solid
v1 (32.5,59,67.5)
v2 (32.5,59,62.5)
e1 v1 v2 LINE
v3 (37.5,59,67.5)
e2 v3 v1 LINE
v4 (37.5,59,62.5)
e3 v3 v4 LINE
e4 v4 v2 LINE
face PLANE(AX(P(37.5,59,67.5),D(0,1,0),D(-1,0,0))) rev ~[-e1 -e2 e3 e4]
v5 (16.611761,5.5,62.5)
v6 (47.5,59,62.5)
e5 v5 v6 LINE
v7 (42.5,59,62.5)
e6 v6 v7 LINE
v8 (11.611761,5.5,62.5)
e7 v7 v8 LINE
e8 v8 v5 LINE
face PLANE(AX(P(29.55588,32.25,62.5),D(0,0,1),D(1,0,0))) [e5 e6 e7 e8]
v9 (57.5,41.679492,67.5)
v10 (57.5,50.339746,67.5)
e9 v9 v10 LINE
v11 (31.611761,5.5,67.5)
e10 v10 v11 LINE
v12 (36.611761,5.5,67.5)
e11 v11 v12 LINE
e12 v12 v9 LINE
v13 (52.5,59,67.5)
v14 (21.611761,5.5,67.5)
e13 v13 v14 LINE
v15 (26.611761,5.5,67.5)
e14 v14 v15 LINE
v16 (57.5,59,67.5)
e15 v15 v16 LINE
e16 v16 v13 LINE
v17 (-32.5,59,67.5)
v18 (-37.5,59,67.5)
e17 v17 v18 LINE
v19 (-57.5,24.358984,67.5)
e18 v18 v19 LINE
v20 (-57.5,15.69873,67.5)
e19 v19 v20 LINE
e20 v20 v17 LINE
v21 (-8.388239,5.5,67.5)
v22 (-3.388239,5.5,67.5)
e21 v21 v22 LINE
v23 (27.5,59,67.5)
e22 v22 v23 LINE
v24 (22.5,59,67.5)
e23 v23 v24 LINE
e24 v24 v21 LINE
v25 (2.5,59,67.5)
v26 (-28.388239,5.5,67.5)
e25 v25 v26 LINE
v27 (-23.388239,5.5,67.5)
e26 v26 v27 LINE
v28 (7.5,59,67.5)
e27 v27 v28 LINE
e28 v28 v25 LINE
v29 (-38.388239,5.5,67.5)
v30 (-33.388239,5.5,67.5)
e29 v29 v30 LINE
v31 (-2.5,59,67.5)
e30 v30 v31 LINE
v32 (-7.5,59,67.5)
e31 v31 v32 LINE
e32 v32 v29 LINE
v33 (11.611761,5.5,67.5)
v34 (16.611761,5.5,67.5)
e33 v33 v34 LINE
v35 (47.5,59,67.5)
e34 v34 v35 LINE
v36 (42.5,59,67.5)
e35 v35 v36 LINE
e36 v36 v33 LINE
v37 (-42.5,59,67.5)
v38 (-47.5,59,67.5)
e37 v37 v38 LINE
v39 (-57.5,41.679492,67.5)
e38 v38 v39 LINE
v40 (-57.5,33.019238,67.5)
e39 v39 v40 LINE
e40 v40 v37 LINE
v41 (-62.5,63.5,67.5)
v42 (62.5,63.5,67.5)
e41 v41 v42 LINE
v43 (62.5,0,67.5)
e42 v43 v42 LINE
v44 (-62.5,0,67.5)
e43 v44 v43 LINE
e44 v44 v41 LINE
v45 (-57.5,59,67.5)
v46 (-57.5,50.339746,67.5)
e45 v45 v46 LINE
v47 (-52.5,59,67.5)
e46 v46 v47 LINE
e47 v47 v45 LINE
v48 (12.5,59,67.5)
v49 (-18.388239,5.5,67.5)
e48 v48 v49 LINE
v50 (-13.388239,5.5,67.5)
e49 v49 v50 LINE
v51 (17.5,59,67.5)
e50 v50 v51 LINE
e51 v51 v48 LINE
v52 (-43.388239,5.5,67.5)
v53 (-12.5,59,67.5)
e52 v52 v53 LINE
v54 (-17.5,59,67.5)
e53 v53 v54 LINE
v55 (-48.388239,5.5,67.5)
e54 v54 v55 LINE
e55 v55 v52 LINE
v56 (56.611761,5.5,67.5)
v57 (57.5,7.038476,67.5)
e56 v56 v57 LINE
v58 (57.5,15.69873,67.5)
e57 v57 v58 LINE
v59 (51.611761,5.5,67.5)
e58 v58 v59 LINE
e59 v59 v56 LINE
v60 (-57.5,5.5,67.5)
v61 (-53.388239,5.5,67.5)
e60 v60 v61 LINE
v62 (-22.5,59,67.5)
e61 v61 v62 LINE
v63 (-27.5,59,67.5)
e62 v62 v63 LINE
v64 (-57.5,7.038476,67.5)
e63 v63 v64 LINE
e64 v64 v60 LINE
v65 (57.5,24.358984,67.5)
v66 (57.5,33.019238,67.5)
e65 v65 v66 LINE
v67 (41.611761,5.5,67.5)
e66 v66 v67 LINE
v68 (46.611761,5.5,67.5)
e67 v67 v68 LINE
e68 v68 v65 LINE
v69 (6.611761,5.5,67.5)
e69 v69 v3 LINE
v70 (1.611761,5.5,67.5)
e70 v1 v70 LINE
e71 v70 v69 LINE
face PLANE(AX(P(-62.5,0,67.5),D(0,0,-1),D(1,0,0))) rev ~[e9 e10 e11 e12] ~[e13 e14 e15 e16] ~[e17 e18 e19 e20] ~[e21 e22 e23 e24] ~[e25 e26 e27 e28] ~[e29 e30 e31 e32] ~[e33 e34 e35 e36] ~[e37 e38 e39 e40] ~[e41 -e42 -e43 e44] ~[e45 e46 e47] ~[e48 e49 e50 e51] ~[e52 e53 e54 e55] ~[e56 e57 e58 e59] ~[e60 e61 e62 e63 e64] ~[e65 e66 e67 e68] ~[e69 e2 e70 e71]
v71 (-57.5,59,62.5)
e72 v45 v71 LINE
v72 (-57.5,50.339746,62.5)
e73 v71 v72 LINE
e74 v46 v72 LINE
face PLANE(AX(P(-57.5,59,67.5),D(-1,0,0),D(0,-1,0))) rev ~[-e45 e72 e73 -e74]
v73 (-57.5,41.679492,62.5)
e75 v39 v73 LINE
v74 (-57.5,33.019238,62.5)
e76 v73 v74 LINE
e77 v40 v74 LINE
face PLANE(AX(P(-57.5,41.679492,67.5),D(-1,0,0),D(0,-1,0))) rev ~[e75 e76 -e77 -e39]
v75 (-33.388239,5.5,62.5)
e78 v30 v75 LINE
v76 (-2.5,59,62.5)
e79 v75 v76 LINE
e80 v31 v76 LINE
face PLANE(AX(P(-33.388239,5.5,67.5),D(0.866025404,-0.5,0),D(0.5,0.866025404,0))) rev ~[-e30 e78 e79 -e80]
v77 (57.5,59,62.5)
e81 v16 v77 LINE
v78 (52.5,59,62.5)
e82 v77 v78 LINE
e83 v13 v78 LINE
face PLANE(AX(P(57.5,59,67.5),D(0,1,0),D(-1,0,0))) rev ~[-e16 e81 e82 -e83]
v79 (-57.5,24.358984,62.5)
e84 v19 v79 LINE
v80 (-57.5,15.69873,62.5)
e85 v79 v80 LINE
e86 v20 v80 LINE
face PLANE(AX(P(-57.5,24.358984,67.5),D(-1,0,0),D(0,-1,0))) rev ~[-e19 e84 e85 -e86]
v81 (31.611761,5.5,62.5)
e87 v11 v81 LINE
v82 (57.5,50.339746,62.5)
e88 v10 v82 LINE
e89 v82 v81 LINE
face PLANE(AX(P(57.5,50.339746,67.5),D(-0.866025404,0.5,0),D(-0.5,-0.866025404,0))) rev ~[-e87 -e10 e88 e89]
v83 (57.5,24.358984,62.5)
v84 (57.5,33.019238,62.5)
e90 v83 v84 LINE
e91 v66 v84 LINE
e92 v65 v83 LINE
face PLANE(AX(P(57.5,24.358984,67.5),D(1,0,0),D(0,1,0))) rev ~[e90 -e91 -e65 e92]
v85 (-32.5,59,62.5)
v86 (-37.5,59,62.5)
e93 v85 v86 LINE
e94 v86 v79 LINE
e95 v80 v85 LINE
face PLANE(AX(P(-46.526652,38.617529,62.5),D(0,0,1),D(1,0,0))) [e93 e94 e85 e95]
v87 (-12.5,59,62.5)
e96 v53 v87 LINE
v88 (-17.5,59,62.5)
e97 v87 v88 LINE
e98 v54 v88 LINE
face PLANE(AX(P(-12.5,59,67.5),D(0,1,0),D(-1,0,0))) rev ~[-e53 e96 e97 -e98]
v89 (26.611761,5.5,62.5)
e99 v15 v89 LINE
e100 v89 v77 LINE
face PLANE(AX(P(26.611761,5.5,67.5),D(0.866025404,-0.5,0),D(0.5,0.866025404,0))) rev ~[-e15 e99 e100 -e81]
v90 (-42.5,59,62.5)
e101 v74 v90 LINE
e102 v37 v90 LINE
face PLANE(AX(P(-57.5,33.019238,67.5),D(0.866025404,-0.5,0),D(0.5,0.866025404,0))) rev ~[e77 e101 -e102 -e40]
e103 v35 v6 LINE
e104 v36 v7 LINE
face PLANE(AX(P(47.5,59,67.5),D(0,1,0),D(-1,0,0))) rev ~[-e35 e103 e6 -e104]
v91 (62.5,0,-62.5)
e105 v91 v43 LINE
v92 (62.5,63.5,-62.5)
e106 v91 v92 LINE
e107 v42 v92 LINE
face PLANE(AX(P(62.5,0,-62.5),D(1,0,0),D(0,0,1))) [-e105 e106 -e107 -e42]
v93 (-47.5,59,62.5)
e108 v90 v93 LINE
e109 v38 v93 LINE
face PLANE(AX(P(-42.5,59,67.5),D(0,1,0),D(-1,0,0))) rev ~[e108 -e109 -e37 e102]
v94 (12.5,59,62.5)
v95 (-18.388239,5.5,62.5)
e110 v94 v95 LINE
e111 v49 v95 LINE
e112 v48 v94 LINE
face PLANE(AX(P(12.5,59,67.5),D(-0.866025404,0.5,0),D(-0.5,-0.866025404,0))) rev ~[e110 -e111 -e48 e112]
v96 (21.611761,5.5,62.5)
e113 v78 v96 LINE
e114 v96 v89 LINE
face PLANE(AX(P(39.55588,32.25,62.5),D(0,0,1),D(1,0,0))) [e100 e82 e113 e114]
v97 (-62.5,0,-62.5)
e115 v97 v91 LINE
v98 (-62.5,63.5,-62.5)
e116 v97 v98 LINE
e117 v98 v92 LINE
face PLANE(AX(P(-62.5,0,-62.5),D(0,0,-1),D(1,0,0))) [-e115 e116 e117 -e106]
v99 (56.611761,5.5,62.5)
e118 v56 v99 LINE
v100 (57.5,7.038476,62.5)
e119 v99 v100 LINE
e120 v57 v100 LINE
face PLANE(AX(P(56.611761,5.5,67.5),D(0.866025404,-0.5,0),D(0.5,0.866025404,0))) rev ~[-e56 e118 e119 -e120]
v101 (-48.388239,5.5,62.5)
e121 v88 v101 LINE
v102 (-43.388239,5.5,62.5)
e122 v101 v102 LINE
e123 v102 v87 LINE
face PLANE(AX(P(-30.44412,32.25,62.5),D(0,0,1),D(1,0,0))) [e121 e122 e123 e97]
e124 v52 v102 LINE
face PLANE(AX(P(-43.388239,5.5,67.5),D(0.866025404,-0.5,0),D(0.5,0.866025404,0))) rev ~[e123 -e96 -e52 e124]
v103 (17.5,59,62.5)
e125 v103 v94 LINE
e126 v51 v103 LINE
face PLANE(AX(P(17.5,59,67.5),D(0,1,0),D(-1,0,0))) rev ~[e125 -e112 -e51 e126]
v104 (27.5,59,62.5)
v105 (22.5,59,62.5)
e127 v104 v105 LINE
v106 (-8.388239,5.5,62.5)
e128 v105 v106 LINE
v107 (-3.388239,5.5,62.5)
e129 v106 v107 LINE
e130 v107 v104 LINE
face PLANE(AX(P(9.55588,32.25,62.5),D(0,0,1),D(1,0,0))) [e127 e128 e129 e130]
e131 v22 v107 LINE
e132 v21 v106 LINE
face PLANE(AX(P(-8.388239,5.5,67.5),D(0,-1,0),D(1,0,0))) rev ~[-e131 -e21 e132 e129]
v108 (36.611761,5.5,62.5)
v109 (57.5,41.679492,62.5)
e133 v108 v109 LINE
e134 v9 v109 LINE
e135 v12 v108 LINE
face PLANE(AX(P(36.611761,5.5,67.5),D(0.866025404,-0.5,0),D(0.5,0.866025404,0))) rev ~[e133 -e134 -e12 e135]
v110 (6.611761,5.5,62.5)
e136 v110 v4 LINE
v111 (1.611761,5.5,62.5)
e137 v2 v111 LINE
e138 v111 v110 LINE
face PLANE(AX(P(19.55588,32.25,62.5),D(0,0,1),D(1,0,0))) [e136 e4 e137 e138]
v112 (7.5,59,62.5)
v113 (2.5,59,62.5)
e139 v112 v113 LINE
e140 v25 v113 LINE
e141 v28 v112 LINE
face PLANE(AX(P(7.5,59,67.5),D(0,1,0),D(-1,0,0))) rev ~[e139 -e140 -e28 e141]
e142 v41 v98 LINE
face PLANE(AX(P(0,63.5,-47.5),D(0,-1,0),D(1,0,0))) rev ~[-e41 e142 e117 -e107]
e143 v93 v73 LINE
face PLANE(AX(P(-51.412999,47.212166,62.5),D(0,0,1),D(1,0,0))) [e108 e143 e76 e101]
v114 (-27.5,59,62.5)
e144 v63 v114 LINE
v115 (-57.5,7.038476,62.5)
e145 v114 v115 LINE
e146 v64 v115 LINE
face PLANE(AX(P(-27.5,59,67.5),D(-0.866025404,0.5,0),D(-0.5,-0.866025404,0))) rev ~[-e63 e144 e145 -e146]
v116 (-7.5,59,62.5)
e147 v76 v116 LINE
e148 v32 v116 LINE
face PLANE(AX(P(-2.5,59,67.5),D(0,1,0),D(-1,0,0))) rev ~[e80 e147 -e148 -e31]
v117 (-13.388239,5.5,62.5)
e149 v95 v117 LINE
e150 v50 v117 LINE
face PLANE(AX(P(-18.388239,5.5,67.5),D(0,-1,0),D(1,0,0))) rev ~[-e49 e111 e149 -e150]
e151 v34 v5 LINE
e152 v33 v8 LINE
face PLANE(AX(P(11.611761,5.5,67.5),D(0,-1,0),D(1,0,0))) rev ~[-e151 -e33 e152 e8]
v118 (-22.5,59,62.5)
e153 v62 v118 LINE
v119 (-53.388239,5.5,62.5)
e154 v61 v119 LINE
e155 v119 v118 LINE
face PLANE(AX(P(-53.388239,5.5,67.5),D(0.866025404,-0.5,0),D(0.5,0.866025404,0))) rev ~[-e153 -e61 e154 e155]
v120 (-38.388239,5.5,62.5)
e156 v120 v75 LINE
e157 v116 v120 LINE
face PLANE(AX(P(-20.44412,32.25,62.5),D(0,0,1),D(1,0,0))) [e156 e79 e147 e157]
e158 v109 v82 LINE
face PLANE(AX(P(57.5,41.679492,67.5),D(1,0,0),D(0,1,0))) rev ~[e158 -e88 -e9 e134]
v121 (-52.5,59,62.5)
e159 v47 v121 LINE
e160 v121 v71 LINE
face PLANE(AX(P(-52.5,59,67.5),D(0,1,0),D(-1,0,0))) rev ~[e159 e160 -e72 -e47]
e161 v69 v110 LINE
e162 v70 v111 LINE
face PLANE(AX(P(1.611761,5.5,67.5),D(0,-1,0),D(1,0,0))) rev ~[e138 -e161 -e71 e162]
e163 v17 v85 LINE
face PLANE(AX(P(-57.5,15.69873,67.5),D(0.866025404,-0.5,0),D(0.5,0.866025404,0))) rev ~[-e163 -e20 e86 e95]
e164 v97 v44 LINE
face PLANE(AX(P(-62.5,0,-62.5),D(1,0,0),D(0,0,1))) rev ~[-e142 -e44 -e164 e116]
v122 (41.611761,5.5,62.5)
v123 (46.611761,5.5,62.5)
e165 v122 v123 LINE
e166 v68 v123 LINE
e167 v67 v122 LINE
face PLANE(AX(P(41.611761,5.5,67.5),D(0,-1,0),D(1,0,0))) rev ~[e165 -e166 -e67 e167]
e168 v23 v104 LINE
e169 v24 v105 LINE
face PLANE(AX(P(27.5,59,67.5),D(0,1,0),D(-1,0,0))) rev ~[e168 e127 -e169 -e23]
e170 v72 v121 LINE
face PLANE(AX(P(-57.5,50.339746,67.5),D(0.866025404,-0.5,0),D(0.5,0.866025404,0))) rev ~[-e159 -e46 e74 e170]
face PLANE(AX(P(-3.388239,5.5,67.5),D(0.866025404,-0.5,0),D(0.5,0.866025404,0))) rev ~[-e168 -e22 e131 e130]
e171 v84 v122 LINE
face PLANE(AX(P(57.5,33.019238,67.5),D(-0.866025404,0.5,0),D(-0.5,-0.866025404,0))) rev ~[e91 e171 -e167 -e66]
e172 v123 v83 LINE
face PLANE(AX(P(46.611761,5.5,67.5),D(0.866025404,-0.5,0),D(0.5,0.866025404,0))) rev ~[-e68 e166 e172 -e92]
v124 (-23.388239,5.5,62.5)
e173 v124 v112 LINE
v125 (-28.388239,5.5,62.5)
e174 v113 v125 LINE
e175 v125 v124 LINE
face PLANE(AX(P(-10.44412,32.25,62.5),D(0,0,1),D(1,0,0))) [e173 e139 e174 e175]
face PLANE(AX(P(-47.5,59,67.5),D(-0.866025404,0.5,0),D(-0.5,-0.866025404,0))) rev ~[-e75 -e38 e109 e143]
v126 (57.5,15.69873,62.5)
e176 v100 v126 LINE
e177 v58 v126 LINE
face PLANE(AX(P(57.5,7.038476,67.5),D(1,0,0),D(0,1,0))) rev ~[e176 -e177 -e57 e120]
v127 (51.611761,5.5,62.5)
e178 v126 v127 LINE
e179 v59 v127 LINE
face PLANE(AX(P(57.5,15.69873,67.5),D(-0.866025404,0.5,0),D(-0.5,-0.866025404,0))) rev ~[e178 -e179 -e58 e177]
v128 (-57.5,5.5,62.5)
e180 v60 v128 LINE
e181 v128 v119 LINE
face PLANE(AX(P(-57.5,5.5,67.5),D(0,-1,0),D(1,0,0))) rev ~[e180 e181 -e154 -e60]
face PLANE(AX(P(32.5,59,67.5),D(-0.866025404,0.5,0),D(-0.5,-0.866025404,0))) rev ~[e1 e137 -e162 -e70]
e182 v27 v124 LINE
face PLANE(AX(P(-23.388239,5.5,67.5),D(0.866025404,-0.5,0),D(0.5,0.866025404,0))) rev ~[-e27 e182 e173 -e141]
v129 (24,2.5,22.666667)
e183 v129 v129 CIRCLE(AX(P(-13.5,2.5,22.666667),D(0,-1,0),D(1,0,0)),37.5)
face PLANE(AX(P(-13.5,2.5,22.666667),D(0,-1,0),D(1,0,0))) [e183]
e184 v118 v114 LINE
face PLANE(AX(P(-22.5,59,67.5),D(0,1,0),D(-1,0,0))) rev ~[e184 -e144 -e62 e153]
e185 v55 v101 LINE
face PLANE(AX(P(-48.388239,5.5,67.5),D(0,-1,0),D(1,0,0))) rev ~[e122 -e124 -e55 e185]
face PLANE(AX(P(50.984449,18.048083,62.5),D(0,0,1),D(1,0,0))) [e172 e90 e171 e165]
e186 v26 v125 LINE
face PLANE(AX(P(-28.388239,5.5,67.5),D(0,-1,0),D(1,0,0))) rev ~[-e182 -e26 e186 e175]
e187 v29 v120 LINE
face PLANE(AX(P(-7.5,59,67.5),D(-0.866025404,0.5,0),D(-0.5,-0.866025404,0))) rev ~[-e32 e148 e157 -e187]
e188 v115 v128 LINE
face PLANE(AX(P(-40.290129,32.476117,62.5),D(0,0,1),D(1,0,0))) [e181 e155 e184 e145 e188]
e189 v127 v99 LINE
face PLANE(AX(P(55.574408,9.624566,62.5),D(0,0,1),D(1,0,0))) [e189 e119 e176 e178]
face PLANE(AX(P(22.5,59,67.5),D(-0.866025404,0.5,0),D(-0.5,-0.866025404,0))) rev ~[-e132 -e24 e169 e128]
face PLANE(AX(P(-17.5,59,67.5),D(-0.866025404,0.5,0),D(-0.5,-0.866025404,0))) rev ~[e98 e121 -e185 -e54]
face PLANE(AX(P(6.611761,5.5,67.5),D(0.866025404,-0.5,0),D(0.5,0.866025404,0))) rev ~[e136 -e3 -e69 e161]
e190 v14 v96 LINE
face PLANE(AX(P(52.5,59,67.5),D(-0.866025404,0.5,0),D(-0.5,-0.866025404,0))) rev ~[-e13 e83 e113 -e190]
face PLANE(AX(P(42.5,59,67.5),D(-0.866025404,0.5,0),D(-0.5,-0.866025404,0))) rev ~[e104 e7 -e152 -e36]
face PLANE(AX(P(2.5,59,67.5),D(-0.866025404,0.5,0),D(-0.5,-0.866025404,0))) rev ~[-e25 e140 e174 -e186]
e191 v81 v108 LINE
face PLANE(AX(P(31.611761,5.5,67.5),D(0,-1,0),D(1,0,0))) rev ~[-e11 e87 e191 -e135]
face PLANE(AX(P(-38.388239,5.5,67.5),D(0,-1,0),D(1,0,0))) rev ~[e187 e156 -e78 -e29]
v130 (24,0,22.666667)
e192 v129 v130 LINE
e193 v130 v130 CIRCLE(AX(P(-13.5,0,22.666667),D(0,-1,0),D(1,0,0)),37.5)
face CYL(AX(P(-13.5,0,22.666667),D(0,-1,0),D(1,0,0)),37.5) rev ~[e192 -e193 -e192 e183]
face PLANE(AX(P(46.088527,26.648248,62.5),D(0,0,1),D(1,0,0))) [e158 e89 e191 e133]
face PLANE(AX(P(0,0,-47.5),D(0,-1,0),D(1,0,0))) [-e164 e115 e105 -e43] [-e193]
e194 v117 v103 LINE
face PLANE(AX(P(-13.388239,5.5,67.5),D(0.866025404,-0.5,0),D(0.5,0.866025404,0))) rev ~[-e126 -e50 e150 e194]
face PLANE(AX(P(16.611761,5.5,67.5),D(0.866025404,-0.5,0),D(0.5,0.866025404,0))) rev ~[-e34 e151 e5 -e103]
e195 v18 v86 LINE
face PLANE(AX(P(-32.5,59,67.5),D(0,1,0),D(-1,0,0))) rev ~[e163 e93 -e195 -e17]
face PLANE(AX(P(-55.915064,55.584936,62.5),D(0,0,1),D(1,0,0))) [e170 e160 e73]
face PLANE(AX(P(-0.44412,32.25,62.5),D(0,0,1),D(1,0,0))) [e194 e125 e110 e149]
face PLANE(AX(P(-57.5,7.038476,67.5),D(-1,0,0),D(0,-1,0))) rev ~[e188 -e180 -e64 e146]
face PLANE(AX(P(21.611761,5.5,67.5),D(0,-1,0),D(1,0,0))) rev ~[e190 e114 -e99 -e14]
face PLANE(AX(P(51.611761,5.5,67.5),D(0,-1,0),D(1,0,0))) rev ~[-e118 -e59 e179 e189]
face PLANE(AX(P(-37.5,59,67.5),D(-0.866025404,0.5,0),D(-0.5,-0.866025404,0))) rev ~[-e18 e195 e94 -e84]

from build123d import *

# Parameters (mm, degrees)
F0_W     = 125
F0_H     = 100
F2_DEPTH = 63.5
F0_H_2   = 30
F3_DEPTH = 63.5
F1_R     = 37.5
F4_DEPTH = 2.5
F6_DEPTH = 5


with BuildPart() as f2:
    # F0 (on Front) → F2 (new body)
    with BuildSketch(Plane.XZ):
        with Locations((0, 17.5)):
            Rectangle(F0_W, F0_H)
    extrude(amount=-F2_DEPTH)

    # F0 (on Front) → F3 (join)
    with BuildSketch(Plane.XZ):
        with Locations((0, -47.5)):
            Rectangle(F0_W, F0_H_2)
    extrude(amount=-F3_DEPTH)

    # F1 (on Front) → F4 (cut, symmetric)
    with BuildSketch(Plane.XZ):
        with Locations((-13.5, 22.6666666667)):
            Circle(F1_R)
    extrude(amount=F4_DEPTH, both=True, mode=Mode.SUBTRACT)

    # F5 (on face) → F6 (cut)
    with BuildSketch(Plane.XY.offset(67.5)):
        Polygon((-57.5, 59), (-57.5, 50.3397459622), (-52.5, 59), align=None)
        Polygon((-57.5, 41.6794919243), (-57.5, 33.0192378865), (-42.5, 59), (-47.5, 59), align=None)
        Polygon((-57.5, 24.3589838486), (-57.5, 15.6987298108), (-32.5, 59), (-37.5, 59), align=None)
        Polygon((-27.5, 59), (-57.5, 7.0384757729), (-57.5, 5.5), (-53.3882394016, 5.5), (-22.5, 59), align=None)
        Polygon((-17.5, 59), (-48.3882394016, 5.5), (-43.3882394016, 5.5), (-12.5, 59), align=None)
        Polygon((-7.5, 59), (-38.3882394016, 5.5), (-33.3882394016, 5.5), (-2.5, 59), align=None)
        Polygon((2.5, 59), (-28.3882394016, 5.5), (-23.3882394016, 5.5), (7.5, 59), align=None)
        Polygon((-18.3882394016, 5.5), (-13.3882394016, 5.5), (17.5, 59), (12.5, 59), align=None)
        Polygon((-8.3882394016, 5.5), (-3.3882394016, 5.5), (27.5, 59), (22.5, 59), align=None)
        Polygon((1.6117605984, 5.5), (6.6117605984, 5.5), (37.5, 59), (32.5, 59), align=None)
        Polygon((11.6117605984, 5.5), (16.6117605984, 5.5), (47.5, 59), (42.5, 59), align=None)
        Polygon((21.6117605984, 5.5), (26.6117605984, 5.5), (57.5, 59), (52.5, 59), align=None)
        Polygon((31.6117605984, 5.5), (36.6117605984, 5.5), (57.5, 41.6794919243), (57.5, 50.3397459622), align=None)
        Polygon((41.6117605984, 5.5), (46.6117605984, 5.5), (57.5, 24.3589838486), (57.5, 33.0192378865), align=None)
        Polygon((51.6117605984, 5.5), (56.6117605984, 5.5), (57.5, 7.0384757729), (57.5, 15.6987298108), align=None)
    extrude(amount=-F6_DEPTH, mode=Mode.SUBTRACT)


solid = f2.part
